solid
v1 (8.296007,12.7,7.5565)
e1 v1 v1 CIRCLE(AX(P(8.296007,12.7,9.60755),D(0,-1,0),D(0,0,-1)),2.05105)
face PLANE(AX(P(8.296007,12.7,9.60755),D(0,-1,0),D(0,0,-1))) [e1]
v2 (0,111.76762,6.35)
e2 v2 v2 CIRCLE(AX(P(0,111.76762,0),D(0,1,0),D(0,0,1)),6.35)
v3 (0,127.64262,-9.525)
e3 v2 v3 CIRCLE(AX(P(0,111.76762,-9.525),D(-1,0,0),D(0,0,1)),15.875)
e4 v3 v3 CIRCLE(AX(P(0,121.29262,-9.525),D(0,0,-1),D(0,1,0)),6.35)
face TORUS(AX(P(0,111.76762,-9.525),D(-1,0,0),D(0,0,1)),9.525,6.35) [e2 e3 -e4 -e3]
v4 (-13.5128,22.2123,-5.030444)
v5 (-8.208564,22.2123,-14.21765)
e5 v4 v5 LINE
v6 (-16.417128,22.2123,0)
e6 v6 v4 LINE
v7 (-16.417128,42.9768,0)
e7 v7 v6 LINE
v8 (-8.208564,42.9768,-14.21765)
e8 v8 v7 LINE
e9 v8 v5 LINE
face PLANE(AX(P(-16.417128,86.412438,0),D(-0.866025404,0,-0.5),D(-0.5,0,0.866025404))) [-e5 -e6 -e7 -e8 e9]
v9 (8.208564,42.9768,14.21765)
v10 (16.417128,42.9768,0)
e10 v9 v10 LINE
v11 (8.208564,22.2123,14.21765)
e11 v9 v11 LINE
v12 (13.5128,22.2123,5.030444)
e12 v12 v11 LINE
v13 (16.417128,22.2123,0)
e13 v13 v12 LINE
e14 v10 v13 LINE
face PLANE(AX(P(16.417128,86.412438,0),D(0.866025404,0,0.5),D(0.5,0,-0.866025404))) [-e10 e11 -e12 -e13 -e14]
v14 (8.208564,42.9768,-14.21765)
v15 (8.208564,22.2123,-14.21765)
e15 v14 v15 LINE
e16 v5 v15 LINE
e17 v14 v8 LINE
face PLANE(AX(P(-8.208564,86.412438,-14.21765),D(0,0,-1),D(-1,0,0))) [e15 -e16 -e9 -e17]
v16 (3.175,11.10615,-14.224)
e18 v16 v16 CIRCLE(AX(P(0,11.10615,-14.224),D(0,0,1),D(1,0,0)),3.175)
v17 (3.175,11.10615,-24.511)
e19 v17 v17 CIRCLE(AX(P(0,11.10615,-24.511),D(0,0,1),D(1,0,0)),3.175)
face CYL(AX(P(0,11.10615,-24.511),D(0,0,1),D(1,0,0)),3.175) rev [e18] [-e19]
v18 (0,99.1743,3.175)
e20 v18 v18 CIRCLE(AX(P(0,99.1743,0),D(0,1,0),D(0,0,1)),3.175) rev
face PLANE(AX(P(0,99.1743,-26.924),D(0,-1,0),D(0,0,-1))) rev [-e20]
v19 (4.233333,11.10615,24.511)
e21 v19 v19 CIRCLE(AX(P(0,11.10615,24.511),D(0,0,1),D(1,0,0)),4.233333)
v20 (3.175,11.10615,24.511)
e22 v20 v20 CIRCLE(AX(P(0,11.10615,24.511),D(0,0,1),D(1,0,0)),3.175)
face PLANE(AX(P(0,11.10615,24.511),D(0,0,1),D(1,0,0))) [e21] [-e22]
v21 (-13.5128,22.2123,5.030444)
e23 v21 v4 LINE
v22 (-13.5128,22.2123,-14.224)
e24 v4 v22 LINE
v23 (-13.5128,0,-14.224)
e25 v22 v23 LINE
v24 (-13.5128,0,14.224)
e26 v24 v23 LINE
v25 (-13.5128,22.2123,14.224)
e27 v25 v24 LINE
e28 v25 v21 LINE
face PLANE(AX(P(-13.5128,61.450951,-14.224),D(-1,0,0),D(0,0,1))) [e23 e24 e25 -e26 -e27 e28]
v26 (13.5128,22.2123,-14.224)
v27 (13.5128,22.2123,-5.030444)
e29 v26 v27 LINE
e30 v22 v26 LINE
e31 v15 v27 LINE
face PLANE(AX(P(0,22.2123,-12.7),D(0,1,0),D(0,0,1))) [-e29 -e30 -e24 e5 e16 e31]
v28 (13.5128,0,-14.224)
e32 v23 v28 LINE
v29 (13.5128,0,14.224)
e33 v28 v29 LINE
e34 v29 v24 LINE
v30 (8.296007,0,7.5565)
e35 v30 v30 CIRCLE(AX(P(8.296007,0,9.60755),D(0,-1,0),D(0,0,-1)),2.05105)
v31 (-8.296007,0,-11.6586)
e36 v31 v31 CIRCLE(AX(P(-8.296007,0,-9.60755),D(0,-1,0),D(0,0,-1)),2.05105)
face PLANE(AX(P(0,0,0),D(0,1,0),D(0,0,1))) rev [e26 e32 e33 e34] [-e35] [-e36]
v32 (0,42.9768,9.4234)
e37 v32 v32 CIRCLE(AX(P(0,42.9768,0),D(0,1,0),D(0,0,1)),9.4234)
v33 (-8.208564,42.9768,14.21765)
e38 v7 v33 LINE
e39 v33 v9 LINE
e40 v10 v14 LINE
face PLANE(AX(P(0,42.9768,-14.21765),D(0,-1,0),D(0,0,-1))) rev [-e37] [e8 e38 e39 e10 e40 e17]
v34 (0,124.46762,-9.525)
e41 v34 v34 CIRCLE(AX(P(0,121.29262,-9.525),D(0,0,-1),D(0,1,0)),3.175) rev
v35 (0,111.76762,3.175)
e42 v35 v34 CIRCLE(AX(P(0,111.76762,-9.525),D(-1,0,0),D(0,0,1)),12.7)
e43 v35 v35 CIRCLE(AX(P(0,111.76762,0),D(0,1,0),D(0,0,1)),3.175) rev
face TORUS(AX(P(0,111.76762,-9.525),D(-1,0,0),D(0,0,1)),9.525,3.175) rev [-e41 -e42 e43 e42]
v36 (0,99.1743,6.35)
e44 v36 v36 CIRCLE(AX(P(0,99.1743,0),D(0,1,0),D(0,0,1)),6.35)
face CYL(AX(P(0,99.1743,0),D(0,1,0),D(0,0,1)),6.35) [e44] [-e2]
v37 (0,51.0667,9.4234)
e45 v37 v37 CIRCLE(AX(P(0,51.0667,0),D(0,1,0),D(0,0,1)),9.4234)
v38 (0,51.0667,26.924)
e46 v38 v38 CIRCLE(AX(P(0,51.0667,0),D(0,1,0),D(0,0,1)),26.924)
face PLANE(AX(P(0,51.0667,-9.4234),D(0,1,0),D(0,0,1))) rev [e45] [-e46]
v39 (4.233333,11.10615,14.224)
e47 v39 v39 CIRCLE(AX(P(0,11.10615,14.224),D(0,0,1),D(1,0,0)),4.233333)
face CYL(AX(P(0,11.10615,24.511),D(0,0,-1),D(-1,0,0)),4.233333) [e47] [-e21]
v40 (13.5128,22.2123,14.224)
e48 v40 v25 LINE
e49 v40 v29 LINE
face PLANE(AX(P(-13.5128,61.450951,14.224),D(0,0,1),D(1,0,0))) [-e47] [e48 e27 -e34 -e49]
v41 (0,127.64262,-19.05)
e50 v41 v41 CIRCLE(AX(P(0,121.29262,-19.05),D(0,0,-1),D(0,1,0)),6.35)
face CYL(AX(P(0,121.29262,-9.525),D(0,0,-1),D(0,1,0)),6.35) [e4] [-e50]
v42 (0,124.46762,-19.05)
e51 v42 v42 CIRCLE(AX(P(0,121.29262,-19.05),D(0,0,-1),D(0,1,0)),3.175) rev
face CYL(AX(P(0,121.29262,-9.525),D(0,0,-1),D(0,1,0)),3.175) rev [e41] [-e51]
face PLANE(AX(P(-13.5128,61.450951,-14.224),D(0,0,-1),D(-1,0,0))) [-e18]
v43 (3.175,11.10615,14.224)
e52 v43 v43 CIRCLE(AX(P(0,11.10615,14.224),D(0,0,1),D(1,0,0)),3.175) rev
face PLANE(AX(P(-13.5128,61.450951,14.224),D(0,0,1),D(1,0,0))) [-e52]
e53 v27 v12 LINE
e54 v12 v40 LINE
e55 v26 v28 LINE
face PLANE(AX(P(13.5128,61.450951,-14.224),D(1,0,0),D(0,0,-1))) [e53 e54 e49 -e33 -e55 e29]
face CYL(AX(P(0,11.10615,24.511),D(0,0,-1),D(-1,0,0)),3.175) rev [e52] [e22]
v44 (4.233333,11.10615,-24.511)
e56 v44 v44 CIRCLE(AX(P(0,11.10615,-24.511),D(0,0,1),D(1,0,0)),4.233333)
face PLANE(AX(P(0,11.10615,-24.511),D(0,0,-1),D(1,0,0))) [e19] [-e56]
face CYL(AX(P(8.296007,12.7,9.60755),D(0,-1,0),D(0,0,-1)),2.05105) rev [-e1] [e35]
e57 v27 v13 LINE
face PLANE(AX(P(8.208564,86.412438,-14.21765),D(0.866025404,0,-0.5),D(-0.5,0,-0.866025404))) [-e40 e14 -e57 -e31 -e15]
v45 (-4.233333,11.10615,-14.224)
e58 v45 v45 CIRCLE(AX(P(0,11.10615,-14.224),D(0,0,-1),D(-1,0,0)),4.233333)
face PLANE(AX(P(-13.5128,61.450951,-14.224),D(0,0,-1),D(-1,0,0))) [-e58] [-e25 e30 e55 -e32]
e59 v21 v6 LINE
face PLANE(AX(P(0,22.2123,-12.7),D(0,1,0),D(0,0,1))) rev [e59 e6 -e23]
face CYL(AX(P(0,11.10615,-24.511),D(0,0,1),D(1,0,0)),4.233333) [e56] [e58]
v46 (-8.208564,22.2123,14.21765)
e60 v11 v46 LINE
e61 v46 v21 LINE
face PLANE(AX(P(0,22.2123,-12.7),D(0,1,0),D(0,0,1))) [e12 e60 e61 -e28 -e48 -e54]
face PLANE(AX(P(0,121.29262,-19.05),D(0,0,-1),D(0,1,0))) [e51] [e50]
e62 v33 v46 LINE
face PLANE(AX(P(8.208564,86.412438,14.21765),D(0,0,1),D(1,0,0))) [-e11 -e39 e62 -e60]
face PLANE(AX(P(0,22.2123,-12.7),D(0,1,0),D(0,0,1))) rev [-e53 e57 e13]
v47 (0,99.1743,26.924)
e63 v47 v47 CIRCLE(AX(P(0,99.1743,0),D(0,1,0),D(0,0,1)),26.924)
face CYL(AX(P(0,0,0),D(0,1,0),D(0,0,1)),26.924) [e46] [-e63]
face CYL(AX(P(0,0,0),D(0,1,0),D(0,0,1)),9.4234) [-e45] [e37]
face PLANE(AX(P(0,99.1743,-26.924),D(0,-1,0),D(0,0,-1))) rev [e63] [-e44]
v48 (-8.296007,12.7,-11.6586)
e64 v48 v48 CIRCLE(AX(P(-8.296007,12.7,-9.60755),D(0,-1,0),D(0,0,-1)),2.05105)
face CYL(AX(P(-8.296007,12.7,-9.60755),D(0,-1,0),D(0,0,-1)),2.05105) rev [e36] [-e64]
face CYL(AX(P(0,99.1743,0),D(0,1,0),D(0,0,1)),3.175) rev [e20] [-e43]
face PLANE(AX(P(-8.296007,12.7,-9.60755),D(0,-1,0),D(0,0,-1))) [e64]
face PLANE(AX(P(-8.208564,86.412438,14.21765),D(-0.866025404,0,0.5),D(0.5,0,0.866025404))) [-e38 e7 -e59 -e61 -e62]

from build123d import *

# Parameters (mm, degrees)
SKETCH2_W         = 27.0256
SKETCH2_H         = 28.448
MOUNT_BLOCK_DEPTH = 22.2123
MID_HEX_DEPTH     = 20.7645
SKETCH4_R         = 4.233333333
SKETCH4_R_2       = 3.175
SWGLK_M_DEPTH     = 10.287
SKETCH6_R         = 6.35
SKETCH6_R_2       = 3.175
SKETCH7_R         = 2.05105
MOUNT_HOLES_DEPTH = 12.7


with BuildPart() as part:
    # Sketch1 → BASE (revolve)
    with BuildSketch(Plane(origin=(0, 0, 0), x_dir=(0, 0, -1), z_dir=(1, 0, 0)), mode=Mode.PRIVATE) as base_sk:
        Polygon((0, 0), (12.7, 0), (12.7, 22.2123), (14.21765, 22.2123), (14.21765, 42.9768), (9.4234, 42.9768), (9.4234, 51.0667), (26.924, 51.0667), (26.924, 99.1743), (0, 99.1743), align=None)
    revolve(base_sk.sketch.rotate(Axis((0, 0, 0), (0, -1, 0)), 180), axis=Axis((0, 0, 0), (0, -1, 0)))

    # Sketch2 → MOUNT_BLOCK (add)
    with BuildSketch(Plane.XZ):
        Rectangle(SKETCH2_W, SKETCH2_H)
    extrude(amount=-MOUNT_BLOCK_DEPTH)

    # Sketch3 → MID_HEX (add)
    with BuildSketch(Plane.XZ.offset(-22.2123)):
        Polygon((16.417128109, 0), (8.208564055, 14.21765), (-8.208564055, 14.21765), (-16.417128109, 0), (-8.208564055, -14.21765), (8.208564055, -14.21765), align=None)
    extrude(amount=-MID_HEX_DEPTH)

    # Sketch4 → SWGLK_M (add)
    with BuildSketch(Plane.XY.offset(14.224)):
        with Locations((0, 11.10615)):
            Circle(SKETCH4_R)
        with Locations((0, 11.10615)):
            Circle(SKETCH4_R_2, mode=Mode.SUBTRACT)
    swglk_m = extrude(amount=SWGLK_M_DEPTH)

    # SWGLK_M_MRR: SWGLK_M across plane
    add(swglk_m.mirror(Plane.XY))

    # PRESS_QD: sweep along a path in Sketch5
    with BuildLine(Plane(origin=(0, 0, 0), x_dir=(0, 0, -1), z_dir=(1, 0, 0))) as press_qd_path:
        Line((0, 99.1743), (0, 111.76762))
        ThreePointArc((0, 111.76762), (2.789807909, 118.502812091), (9.525, 121.29262))
        Line((9.525, 121.29262), (19.05, 121.29262))
    # Sketch6 → PRESS_QD (sweep)
    with BuildSketch(Plane(origin=(0, 99.1743, 0), x_dir=(1, 0, 0), z_dir=(0, 1, 0))):
        Circle(SKETCH6_R)
        Circle(SKETCH6_R_2, mode=Mode.SUBTRACT)
    sweep(path=press_qd_path.line)

    # Sketch7 → MOUNT_HOLES (cut)
    with BuildSketch(Plane.XZ):
        with Locations(Location((-8.296007071, -9.60755, 0), (0, 0, 270))):
            Circle(SKETCH7_R)
        with Locations(Location((8.296007071, 9.60755, 0), (0, 0, 270))):
            Circle(SKETCH7_R)
    extrude(amount=-MOUNT_HOLES_DEPTH, mode=Mode.SUBTRACT)


solid = part.part
